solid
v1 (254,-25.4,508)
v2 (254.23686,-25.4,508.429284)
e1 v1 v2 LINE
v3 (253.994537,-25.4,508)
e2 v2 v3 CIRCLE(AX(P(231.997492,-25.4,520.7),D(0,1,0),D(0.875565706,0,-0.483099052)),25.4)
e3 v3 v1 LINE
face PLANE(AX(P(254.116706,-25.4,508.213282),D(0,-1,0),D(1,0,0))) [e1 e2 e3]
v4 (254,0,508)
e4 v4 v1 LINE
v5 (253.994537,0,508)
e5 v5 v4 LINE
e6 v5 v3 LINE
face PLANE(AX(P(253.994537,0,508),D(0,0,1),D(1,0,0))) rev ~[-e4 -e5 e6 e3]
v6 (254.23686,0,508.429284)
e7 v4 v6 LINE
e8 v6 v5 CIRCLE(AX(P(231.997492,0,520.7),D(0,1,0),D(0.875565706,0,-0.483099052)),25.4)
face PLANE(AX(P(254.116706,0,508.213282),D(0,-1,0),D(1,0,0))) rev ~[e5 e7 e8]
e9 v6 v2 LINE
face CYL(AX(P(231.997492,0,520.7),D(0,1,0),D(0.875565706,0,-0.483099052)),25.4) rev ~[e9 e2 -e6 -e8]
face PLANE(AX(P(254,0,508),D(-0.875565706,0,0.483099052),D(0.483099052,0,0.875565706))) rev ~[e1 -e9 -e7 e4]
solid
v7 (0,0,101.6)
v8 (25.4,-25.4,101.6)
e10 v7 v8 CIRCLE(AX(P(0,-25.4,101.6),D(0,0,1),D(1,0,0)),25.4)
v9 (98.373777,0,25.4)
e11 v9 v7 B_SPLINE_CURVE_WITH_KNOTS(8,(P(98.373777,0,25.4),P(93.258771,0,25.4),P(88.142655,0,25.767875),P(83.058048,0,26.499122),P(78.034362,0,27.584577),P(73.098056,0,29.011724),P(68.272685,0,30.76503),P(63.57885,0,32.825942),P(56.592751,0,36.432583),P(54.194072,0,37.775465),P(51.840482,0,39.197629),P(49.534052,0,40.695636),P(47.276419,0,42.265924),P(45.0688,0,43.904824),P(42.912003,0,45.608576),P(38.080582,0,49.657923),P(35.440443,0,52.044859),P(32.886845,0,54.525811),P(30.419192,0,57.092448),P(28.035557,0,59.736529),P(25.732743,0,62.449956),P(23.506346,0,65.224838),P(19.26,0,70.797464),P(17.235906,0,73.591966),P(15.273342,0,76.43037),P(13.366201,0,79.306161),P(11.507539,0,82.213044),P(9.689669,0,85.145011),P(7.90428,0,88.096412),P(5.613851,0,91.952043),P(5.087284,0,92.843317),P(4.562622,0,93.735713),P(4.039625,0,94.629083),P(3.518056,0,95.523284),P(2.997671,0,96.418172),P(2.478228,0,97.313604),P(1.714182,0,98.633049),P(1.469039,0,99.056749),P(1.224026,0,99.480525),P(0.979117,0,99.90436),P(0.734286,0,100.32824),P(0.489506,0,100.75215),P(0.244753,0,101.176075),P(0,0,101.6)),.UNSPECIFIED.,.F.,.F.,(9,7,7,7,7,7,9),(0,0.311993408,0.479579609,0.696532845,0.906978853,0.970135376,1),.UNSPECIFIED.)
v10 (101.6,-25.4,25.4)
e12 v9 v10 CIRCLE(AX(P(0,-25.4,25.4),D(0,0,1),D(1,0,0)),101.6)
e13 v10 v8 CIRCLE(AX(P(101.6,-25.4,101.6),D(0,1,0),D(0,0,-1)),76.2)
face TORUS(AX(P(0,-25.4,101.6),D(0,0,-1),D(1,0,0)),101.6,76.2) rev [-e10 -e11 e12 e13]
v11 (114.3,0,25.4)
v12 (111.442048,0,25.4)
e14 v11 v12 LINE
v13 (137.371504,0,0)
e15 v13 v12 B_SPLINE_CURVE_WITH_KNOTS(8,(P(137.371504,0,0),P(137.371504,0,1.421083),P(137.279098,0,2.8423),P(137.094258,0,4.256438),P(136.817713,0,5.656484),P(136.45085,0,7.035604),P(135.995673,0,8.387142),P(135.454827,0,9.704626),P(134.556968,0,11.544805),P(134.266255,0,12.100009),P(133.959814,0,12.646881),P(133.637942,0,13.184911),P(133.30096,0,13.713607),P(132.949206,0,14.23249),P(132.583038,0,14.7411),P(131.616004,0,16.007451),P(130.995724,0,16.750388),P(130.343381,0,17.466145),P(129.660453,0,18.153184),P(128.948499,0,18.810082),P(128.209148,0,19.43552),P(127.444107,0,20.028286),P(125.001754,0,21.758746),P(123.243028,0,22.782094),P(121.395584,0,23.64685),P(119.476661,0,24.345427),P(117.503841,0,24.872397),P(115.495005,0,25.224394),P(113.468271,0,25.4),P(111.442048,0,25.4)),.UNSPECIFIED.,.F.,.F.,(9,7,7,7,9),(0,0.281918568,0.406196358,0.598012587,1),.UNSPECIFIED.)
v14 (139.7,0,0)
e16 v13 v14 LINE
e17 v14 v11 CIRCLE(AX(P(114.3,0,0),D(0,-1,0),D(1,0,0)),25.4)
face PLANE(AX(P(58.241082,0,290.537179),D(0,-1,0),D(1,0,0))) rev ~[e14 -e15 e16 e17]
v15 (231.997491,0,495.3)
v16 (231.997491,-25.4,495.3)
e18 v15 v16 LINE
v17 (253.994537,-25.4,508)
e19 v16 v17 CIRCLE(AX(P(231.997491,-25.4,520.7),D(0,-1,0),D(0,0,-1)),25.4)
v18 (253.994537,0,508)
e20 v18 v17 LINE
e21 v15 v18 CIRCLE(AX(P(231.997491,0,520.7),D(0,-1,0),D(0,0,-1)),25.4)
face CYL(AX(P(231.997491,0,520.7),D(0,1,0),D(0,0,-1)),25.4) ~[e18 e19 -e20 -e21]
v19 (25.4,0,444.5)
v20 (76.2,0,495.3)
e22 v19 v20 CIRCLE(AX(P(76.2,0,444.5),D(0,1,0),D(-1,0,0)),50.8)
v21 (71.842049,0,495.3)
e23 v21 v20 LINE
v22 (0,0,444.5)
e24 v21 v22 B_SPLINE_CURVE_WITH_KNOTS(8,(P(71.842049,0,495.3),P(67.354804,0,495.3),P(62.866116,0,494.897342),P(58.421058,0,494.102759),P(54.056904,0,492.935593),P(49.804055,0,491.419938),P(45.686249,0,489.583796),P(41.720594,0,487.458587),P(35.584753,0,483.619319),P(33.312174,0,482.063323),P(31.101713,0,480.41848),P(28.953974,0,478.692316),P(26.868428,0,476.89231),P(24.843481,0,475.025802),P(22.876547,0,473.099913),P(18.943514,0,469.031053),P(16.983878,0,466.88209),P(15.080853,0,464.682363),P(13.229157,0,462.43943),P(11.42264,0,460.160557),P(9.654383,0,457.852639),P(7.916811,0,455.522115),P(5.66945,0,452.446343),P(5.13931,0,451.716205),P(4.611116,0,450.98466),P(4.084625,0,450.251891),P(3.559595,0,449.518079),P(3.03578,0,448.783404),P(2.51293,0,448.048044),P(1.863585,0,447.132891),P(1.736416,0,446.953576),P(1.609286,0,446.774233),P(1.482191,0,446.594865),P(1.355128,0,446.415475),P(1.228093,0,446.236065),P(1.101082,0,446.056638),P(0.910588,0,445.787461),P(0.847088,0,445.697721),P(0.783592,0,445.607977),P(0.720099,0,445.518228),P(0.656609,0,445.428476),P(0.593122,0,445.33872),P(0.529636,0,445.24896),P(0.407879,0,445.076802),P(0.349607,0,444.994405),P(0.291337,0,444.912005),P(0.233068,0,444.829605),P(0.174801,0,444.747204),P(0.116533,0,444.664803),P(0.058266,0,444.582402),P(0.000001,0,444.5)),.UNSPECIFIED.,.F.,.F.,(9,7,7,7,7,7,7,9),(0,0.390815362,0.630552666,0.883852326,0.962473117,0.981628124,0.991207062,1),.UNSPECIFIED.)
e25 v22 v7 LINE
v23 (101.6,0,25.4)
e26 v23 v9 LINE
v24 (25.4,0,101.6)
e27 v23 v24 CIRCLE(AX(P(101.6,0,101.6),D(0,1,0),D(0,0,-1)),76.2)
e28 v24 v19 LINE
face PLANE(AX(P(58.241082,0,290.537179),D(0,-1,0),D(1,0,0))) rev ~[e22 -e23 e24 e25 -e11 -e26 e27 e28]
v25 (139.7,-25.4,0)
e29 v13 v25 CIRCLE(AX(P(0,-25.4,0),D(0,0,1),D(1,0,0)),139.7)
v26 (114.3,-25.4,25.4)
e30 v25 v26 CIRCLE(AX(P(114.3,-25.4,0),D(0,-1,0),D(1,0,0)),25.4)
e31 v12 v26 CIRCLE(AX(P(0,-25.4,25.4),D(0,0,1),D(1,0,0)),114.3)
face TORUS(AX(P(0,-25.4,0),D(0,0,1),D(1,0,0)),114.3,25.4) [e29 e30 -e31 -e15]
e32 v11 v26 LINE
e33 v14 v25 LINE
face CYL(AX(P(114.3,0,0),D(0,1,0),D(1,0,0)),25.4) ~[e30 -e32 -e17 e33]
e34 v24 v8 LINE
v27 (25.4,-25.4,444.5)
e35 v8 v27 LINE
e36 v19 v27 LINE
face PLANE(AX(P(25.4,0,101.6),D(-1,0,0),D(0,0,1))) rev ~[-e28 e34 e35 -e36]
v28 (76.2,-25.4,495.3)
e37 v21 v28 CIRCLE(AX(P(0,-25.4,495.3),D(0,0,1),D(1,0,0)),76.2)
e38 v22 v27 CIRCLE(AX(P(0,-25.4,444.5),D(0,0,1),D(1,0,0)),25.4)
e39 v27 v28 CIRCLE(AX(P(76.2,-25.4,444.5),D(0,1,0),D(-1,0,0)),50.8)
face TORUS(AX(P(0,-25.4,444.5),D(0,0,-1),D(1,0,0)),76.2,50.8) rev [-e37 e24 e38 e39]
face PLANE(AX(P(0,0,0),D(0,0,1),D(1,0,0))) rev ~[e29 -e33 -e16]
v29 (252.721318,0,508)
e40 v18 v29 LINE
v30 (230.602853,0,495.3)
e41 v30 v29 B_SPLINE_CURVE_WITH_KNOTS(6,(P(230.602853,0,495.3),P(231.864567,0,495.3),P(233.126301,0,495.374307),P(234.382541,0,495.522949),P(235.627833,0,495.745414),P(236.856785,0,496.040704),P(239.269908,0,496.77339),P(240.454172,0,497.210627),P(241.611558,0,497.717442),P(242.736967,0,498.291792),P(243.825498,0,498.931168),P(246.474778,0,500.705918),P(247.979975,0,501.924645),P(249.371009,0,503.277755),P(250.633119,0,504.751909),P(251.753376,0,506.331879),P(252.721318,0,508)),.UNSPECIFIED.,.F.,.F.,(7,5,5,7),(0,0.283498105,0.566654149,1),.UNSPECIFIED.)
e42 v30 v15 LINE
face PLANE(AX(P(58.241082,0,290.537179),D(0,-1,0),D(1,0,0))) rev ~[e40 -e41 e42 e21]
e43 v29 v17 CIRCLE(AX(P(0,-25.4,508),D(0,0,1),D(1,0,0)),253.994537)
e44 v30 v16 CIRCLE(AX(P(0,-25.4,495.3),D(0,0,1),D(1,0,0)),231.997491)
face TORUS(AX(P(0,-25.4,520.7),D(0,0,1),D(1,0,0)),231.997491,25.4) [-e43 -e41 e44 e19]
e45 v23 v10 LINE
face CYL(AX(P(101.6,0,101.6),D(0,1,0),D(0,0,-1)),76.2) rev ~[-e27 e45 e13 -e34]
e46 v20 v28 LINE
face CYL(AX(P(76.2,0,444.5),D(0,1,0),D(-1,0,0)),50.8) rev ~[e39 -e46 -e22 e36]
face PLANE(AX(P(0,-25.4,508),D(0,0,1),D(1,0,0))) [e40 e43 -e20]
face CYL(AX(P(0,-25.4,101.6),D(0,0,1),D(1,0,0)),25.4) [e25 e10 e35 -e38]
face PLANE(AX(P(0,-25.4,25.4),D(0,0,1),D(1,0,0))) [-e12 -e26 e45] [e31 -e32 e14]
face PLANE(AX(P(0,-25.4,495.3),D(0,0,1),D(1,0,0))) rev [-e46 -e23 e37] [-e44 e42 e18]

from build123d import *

# Parameters (mm, degrees)
F1_DEPTH = 25.4


with BuildPart() as f1:
    # F0 (on Front) → F1 (new body)
    with BuildSketch(Plane.XZ):
        with BuildLine():
            Line((0, 508), (0, 0))
            Line((0, 0), (139.7, 0))
            ThreePointArc((139.7, 0), (132.2605122421, 17.9605122421), (114.3, 25.4))
            Line((114.3, 25.4), (101.6, 25.4))
            ThreePointArc((101.6, 25.4), (47.7184632736, 47.7184632736), (25.4, 101.6))
            Line((25.4, 101.6), (25.4, 444.5))
            ThreePointArc((25.4, 444.5), (40.2789755157, 480.4210244843), (76.2, 495.3))
            Line((76.2, 495.3), (231.9974913336, 495.3))
            ThreePointArc((231.9974913336, 495.3), (244.6974913336, 498.7029547439), (253.9945365897, 508))
            Line((253.9945365897, 508), (0, 508))
        make_face()
    extrude(amount=F1_DEPTH)



with BuildPart() as f1b:
    # F0 (on Front) → F1, piece 2 (new body)
    with BuildSketch(Plane.XZ):
        with BuildLine():
            ThreePointArc((254.2368602746, 508.4292840834), (254.1167398846, 508.2140541592), (253.9945365897, 508))
            Line((253.9945365897, 508), (254, 508))
            Line((254, 508), (254.2368602746, 508.4292840834))
        make_face()
    extrude(amount=F1_DEPTH)


with BuildPart() as f1_1:
    add(f1.part)

    add(f1b.part)  # F2 merges F1b
    # F1_face (on face) → F2 (revolve)
    with BuildSketch(Plane(origin=(41.5744005551, -25.4, 248.8086421529), x_dir=(1, 0, 0), z_dir=(0, -1, 0))):
        with BuildLine():
            Line((212.4201360347, 259.1913578471), (-41.5744005551, 259.1913578471))
            Line((-41.5744005551, 259.1913578471), (-41.5744005551, -248.8086421529))
            Line((-41.5744005551, -248.8086421529), (98.1255994449, -248.8086421529))
            ThreePointArc((98.1255994449, -248.8086421529), (90.686111687, -230.8481299108), (72.7255994449, -223.4086421529))
            Line((72.7255994449, -223.4086421529), (60.0255994449, -223.4086421529))
            ThreePointArc((60.0255994449, -223.4086421529), (6.1440627185, -201.0901788793), (-16.1744005551, -147.2086421529))
            Line((-16.1744005551, -147.2086421529), (-16.1744005551, 195.6913578471))
            ThreePointArc((-16.1744005551, 195.6913578471), (-1.2954250394, 231.6123823314), (34.6255994449, 246.4913578471))
            Line((34.6255994449, 246.4913578471), (190.4230907785, 246.4913578471))
            ThreePointArc((190.4230907785, 246.4913578471), (203.1230907785, 249.894312591), (212.4201360347, 259.1913578471))
        make_face()
    revolve(axis=Axis((0, -25.4, 254), (0, 0, 1)))


solid = f1_1.part
